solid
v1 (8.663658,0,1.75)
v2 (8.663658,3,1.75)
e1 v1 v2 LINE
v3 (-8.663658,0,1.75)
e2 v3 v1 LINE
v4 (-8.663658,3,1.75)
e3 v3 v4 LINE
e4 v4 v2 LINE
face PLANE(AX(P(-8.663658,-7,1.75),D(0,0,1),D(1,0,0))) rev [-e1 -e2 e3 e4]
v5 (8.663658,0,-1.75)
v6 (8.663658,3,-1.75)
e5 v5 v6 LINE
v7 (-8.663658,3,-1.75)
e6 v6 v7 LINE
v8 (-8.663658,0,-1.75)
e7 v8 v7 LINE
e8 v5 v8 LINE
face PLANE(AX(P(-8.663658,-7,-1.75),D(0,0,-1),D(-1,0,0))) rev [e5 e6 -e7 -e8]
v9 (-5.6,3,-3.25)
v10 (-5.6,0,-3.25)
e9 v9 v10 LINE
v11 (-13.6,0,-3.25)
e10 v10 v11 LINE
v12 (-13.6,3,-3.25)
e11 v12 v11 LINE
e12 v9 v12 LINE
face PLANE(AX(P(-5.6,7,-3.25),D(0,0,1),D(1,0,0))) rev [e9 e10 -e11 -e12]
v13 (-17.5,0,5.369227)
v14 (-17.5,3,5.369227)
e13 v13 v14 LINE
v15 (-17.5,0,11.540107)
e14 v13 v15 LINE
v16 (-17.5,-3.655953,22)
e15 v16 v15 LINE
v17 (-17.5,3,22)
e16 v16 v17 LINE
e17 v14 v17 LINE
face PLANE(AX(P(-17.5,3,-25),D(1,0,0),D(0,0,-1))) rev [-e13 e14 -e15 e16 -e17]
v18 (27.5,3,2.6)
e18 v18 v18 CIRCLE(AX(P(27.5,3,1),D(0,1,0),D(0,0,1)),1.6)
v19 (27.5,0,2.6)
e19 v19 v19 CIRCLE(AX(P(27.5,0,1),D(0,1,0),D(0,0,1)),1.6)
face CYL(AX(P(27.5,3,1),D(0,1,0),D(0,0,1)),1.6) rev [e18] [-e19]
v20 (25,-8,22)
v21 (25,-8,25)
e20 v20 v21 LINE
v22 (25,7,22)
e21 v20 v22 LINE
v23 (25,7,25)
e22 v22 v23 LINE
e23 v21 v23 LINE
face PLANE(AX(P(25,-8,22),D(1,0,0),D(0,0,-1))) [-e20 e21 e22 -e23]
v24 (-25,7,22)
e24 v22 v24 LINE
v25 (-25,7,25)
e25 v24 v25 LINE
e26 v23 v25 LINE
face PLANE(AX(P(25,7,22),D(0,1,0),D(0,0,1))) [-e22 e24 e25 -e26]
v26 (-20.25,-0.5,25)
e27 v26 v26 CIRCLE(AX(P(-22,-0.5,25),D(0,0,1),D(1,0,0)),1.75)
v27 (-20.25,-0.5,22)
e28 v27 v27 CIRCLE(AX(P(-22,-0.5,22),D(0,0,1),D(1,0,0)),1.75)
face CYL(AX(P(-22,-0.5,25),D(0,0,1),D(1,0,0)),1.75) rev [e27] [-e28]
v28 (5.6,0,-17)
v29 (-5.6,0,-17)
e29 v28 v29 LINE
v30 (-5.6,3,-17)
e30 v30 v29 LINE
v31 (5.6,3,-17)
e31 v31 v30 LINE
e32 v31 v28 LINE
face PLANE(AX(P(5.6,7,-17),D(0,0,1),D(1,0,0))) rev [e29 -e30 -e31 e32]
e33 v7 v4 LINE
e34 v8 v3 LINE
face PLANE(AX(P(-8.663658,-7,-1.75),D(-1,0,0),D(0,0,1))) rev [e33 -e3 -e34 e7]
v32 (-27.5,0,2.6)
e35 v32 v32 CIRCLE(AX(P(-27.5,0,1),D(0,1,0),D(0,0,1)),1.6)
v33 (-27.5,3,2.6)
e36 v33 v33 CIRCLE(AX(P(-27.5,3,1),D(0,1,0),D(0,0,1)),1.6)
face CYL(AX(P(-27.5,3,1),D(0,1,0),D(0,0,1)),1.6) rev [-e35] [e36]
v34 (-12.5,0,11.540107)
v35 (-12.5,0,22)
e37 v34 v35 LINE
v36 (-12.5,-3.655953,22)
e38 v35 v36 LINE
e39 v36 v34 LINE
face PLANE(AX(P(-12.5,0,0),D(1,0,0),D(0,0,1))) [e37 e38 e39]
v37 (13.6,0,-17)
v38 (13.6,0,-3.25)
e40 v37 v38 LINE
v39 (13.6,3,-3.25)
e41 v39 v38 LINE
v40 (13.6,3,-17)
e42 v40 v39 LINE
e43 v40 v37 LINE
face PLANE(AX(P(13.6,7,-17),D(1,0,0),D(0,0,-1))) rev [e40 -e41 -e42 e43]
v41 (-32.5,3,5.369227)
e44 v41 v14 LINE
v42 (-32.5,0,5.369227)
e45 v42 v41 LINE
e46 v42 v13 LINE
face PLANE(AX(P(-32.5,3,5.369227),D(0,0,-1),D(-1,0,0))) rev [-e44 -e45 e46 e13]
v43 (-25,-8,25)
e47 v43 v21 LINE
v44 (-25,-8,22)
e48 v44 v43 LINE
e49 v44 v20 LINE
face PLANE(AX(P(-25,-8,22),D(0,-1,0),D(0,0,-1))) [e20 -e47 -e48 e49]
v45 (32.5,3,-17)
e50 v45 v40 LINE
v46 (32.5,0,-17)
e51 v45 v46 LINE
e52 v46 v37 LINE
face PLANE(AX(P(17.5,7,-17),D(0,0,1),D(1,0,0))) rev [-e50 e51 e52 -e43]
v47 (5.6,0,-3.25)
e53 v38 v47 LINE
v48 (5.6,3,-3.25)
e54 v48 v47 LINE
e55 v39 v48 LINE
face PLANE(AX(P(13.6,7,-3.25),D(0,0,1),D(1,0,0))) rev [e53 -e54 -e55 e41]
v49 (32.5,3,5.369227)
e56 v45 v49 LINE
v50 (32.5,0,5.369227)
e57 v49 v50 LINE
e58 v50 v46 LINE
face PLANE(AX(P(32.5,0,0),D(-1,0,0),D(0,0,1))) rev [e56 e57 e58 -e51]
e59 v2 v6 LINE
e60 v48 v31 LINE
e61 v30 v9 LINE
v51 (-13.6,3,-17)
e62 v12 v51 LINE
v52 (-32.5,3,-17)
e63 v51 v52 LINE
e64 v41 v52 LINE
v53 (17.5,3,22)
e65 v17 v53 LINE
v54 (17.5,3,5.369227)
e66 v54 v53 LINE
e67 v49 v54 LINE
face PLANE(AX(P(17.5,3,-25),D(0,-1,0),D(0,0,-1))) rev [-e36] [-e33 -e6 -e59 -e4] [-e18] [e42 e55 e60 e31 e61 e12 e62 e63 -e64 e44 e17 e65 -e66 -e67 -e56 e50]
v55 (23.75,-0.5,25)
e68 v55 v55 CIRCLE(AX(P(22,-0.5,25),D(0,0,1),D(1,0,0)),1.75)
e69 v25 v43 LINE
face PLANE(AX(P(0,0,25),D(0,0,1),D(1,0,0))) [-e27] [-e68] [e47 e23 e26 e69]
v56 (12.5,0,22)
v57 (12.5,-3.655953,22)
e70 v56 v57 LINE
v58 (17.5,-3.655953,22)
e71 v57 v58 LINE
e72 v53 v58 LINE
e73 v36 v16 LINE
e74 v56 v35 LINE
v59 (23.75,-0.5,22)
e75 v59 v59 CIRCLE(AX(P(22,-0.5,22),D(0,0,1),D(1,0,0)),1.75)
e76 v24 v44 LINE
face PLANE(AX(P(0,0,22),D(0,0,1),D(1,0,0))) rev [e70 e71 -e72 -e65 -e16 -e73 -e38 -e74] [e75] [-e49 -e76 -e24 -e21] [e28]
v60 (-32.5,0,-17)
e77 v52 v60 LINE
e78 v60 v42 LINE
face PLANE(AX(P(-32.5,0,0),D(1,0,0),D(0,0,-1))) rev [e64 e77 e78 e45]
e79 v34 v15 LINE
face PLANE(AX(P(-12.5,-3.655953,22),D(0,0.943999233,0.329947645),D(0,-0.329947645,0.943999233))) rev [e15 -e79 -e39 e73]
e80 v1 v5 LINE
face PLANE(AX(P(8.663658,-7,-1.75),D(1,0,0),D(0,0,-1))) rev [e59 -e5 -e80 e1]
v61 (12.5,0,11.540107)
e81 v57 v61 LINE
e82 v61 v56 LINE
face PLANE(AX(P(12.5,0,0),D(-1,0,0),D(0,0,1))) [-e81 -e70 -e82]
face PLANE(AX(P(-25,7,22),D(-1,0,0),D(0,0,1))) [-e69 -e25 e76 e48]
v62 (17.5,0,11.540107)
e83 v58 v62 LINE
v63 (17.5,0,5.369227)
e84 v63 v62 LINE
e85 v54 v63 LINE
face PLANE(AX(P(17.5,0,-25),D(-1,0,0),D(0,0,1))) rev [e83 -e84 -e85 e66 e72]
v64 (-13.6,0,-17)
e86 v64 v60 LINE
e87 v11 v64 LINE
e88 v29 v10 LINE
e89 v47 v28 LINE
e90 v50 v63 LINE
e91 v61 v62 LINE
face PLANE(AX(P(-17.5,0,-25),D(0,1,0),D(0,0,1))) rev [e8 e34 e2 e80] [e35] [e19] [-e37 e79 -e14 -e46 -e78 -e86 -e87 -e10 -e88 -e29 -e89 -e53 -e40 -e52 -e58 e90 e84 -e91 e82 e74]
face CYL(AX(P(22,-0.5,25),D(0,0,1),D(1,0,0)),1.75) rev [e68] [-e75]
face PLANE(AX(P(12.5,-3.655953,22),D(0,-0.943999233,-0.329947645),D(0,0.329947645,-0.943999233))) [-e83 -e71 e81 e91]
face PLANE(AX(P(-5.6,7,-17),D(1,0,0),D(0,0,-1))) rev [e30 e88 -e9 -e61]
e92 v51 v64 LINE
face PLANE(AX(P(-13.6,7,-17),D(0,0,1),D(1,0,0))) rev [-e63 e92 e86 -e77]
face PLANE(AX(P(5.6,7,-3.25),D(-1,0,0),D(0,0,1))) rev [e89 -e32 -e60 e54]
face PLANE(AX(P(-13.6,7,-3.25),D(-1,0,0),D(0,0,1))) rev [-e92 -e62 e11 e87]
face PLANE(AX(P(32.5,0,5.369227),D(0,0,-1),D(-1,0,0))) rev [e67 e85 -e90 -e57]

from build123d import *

# Parameters (mm, degrees)
SKETCH1_W                      = 50
SKETCH1_H                      = 15
BOSS_EXTRUDE1_DEPTH            = 3
SKETCH2_W                      = 35
SKETCH2_H                      = 3
BOSS_EXTRUDE2_DEPTH            = 47
SKETCH3_W                      = 30.36922738
SKETCH3_H                      = 3
BOSS_EXTRUDE3_DEPTH            = 15
SKETCH4_W                      = 30.36922738
SKETCH4_H                      = 3
BOSS_EXTRUDE4_DEPTH            = 15
CUT_EXTRUDE1_DEPTH             = 42.776189391
F_4_0_4_DIAMETER_HOLE1_D       = 3.5
F_4_0_4_DIAMETER_HOLE1_DEPTH   = 3
F_3_2_3_2_DIAMETER_HOLE1_D     = 3.2
F_3_2_3_2_DIAMETER_HOLE1_DEPTH = 11
CUT_EXTRUDE2_START             = -15
SKETCH14_W                     = 8
SKETCH14_H                     = 3
CUT_EXTRUDE2_DEPTH             = 72.471231614
SKETCH15_W                     = 17.327316674
SKETCH15_H                     = 3.5
CUT_EXTRUDE3_DEPTH             = 10
BOSS_EXTRUDE5_DEPTH            = 5


with BuildPart() as part:
    # Sketch1 → Boss-Extrude1 (new body)
    with BuildSketch(Plane.XY.offset(25)):
        with Locations((0, -0.5)):
            Rectangle(SKETCH1_W, SKETCH1_H)
    extrude(amount=-BOSS_EXTRUDE1_DEPTH)

    # Sketch2 → Boss-Extrude2 (add)
    with BuildSketch(Plane(origin=(0, 0, 22), x_dir=(-1, 0, 0), z_dir=(0, 0, -1))):
        with Locations((0, 1.5)):
            Rectangle(SKETCH2_W, SKETCH2_H)
    extrude(amount=BOSS_EXTRUDE2_DEPTH)

    # Sketch3 → Boss-Extrude3 (add)
    with BuildSketch(Plane(origin=(17.5, 0, 0), x_dir=(0, 0, -1), z_dir=(1, 0, 0))):
        with Locations((9.81538631, 1.5)):
            Rectangle(SKETCH3_W, SKETCH3_H)
    extrude(amount=BOSS_EXTRUDE3_DEPTH)

    # Sketch4 → Boss-Extrude4 (add)
    with BuildSketch(Plane.ZY.offset(17.5)):
        with Locations((-9.81538631, 1.5)):
            Rectangle(SKETCH4_W, SKETCH4_H)
    extrude(amount=BOSS_EXTRUDE4_DEPTH)

    # Sketch5 → Cut-Extrude1 (cut, through all)
    with BuildSketch(Plane.XZ):
        Polygon((17.5, -25), (17.5, -17), (13.6, -17), (13.6, -3.25), (5.6, -3.25), (5.6, -17), (-5.6, -17), (-5.6, -3.25), (-13.6, -3.25), (-13.6, -17), (-17.5, -17), (-17.5, -25), align=None)
    extrude(amount=-CUT_EXTRUDE1_DEPTH, mode=Mode.SUBTRACT)

    # Ø4.0 (4) Diameter Hole1
    with Locations(Plane.XY.offset(25)):
        with Locations((22, -0.5), (-22, -0.5)):
            Hole(F_4_0_4_DIAMETER_HOLE1_D / 2, depth=F_4_0_4_DIAMETER_HOLE1_DEPTH)

    # Ø3.2 (3.2) Diameter Hole1
    with Locations(Plane(origin=(0, 3, 0), x_dir=(1, 0, 0), z_dir=(0, 1, 0))):
        with Locations((-27.5, -1), (27.5, -1)):
            Hole(F_3_2_3_2_DIAMETER_HOLE1_D / 2, depth=F_3_2_3_2_DIAMETER_HOLE1_DEPTH)

    # Sketch14 → Cut-Extrude2 (cut, through all)
    with BuildSketch(Plane(origin=(-17.5, 0, 0), x_dir=(0, 0, -1), z_dir=(1, 0, 0)).offset(CUT_EXTRUDE2_START)):
        with Locations((21, 1.5)):
            Rectangle(SKETCH14_W, SKETCH14_H)
    extrude(amount=CUT_EXTRUDE2_DEPTH, mode=Mode.SUBTRACT)

    # Sketch15 → Cut-Extrude3 (cut)
    with BuildSketch(Plane(origin=(0, 3, 0), x_dir=(1, 0, 0), z_dir=(0, 1, 0))):
        Rectangle(SKETCH15_W, SKETCH15_H)
    extrude(amount=-CUT_EXTRUDE3_DEPTH, mode=Mode.SUBTRACT)

    # Sketch17 → Boss-Extrude5 (add)
    with BuildSketch(Plane(origin=(17.5, 0, 0), x_dir=(0, 0, -1), z_dir=(1, 0, 0))):
        Polygon((-22, -3.655953394), (-11.540106588, 0), (-22, 0), align=None)
    boss_extrude5 = extrude(amount=-BOSS_EXTRUDE5_DEPTH)

    # Mirror1: Boss-Extrude5 across plane
    add(boss_extrude5.mirror(Plane(origin=(0, 0, 0), x_dir=(0, 0, 1), z_dir=(1, 0, 0))))


solid = part.part
